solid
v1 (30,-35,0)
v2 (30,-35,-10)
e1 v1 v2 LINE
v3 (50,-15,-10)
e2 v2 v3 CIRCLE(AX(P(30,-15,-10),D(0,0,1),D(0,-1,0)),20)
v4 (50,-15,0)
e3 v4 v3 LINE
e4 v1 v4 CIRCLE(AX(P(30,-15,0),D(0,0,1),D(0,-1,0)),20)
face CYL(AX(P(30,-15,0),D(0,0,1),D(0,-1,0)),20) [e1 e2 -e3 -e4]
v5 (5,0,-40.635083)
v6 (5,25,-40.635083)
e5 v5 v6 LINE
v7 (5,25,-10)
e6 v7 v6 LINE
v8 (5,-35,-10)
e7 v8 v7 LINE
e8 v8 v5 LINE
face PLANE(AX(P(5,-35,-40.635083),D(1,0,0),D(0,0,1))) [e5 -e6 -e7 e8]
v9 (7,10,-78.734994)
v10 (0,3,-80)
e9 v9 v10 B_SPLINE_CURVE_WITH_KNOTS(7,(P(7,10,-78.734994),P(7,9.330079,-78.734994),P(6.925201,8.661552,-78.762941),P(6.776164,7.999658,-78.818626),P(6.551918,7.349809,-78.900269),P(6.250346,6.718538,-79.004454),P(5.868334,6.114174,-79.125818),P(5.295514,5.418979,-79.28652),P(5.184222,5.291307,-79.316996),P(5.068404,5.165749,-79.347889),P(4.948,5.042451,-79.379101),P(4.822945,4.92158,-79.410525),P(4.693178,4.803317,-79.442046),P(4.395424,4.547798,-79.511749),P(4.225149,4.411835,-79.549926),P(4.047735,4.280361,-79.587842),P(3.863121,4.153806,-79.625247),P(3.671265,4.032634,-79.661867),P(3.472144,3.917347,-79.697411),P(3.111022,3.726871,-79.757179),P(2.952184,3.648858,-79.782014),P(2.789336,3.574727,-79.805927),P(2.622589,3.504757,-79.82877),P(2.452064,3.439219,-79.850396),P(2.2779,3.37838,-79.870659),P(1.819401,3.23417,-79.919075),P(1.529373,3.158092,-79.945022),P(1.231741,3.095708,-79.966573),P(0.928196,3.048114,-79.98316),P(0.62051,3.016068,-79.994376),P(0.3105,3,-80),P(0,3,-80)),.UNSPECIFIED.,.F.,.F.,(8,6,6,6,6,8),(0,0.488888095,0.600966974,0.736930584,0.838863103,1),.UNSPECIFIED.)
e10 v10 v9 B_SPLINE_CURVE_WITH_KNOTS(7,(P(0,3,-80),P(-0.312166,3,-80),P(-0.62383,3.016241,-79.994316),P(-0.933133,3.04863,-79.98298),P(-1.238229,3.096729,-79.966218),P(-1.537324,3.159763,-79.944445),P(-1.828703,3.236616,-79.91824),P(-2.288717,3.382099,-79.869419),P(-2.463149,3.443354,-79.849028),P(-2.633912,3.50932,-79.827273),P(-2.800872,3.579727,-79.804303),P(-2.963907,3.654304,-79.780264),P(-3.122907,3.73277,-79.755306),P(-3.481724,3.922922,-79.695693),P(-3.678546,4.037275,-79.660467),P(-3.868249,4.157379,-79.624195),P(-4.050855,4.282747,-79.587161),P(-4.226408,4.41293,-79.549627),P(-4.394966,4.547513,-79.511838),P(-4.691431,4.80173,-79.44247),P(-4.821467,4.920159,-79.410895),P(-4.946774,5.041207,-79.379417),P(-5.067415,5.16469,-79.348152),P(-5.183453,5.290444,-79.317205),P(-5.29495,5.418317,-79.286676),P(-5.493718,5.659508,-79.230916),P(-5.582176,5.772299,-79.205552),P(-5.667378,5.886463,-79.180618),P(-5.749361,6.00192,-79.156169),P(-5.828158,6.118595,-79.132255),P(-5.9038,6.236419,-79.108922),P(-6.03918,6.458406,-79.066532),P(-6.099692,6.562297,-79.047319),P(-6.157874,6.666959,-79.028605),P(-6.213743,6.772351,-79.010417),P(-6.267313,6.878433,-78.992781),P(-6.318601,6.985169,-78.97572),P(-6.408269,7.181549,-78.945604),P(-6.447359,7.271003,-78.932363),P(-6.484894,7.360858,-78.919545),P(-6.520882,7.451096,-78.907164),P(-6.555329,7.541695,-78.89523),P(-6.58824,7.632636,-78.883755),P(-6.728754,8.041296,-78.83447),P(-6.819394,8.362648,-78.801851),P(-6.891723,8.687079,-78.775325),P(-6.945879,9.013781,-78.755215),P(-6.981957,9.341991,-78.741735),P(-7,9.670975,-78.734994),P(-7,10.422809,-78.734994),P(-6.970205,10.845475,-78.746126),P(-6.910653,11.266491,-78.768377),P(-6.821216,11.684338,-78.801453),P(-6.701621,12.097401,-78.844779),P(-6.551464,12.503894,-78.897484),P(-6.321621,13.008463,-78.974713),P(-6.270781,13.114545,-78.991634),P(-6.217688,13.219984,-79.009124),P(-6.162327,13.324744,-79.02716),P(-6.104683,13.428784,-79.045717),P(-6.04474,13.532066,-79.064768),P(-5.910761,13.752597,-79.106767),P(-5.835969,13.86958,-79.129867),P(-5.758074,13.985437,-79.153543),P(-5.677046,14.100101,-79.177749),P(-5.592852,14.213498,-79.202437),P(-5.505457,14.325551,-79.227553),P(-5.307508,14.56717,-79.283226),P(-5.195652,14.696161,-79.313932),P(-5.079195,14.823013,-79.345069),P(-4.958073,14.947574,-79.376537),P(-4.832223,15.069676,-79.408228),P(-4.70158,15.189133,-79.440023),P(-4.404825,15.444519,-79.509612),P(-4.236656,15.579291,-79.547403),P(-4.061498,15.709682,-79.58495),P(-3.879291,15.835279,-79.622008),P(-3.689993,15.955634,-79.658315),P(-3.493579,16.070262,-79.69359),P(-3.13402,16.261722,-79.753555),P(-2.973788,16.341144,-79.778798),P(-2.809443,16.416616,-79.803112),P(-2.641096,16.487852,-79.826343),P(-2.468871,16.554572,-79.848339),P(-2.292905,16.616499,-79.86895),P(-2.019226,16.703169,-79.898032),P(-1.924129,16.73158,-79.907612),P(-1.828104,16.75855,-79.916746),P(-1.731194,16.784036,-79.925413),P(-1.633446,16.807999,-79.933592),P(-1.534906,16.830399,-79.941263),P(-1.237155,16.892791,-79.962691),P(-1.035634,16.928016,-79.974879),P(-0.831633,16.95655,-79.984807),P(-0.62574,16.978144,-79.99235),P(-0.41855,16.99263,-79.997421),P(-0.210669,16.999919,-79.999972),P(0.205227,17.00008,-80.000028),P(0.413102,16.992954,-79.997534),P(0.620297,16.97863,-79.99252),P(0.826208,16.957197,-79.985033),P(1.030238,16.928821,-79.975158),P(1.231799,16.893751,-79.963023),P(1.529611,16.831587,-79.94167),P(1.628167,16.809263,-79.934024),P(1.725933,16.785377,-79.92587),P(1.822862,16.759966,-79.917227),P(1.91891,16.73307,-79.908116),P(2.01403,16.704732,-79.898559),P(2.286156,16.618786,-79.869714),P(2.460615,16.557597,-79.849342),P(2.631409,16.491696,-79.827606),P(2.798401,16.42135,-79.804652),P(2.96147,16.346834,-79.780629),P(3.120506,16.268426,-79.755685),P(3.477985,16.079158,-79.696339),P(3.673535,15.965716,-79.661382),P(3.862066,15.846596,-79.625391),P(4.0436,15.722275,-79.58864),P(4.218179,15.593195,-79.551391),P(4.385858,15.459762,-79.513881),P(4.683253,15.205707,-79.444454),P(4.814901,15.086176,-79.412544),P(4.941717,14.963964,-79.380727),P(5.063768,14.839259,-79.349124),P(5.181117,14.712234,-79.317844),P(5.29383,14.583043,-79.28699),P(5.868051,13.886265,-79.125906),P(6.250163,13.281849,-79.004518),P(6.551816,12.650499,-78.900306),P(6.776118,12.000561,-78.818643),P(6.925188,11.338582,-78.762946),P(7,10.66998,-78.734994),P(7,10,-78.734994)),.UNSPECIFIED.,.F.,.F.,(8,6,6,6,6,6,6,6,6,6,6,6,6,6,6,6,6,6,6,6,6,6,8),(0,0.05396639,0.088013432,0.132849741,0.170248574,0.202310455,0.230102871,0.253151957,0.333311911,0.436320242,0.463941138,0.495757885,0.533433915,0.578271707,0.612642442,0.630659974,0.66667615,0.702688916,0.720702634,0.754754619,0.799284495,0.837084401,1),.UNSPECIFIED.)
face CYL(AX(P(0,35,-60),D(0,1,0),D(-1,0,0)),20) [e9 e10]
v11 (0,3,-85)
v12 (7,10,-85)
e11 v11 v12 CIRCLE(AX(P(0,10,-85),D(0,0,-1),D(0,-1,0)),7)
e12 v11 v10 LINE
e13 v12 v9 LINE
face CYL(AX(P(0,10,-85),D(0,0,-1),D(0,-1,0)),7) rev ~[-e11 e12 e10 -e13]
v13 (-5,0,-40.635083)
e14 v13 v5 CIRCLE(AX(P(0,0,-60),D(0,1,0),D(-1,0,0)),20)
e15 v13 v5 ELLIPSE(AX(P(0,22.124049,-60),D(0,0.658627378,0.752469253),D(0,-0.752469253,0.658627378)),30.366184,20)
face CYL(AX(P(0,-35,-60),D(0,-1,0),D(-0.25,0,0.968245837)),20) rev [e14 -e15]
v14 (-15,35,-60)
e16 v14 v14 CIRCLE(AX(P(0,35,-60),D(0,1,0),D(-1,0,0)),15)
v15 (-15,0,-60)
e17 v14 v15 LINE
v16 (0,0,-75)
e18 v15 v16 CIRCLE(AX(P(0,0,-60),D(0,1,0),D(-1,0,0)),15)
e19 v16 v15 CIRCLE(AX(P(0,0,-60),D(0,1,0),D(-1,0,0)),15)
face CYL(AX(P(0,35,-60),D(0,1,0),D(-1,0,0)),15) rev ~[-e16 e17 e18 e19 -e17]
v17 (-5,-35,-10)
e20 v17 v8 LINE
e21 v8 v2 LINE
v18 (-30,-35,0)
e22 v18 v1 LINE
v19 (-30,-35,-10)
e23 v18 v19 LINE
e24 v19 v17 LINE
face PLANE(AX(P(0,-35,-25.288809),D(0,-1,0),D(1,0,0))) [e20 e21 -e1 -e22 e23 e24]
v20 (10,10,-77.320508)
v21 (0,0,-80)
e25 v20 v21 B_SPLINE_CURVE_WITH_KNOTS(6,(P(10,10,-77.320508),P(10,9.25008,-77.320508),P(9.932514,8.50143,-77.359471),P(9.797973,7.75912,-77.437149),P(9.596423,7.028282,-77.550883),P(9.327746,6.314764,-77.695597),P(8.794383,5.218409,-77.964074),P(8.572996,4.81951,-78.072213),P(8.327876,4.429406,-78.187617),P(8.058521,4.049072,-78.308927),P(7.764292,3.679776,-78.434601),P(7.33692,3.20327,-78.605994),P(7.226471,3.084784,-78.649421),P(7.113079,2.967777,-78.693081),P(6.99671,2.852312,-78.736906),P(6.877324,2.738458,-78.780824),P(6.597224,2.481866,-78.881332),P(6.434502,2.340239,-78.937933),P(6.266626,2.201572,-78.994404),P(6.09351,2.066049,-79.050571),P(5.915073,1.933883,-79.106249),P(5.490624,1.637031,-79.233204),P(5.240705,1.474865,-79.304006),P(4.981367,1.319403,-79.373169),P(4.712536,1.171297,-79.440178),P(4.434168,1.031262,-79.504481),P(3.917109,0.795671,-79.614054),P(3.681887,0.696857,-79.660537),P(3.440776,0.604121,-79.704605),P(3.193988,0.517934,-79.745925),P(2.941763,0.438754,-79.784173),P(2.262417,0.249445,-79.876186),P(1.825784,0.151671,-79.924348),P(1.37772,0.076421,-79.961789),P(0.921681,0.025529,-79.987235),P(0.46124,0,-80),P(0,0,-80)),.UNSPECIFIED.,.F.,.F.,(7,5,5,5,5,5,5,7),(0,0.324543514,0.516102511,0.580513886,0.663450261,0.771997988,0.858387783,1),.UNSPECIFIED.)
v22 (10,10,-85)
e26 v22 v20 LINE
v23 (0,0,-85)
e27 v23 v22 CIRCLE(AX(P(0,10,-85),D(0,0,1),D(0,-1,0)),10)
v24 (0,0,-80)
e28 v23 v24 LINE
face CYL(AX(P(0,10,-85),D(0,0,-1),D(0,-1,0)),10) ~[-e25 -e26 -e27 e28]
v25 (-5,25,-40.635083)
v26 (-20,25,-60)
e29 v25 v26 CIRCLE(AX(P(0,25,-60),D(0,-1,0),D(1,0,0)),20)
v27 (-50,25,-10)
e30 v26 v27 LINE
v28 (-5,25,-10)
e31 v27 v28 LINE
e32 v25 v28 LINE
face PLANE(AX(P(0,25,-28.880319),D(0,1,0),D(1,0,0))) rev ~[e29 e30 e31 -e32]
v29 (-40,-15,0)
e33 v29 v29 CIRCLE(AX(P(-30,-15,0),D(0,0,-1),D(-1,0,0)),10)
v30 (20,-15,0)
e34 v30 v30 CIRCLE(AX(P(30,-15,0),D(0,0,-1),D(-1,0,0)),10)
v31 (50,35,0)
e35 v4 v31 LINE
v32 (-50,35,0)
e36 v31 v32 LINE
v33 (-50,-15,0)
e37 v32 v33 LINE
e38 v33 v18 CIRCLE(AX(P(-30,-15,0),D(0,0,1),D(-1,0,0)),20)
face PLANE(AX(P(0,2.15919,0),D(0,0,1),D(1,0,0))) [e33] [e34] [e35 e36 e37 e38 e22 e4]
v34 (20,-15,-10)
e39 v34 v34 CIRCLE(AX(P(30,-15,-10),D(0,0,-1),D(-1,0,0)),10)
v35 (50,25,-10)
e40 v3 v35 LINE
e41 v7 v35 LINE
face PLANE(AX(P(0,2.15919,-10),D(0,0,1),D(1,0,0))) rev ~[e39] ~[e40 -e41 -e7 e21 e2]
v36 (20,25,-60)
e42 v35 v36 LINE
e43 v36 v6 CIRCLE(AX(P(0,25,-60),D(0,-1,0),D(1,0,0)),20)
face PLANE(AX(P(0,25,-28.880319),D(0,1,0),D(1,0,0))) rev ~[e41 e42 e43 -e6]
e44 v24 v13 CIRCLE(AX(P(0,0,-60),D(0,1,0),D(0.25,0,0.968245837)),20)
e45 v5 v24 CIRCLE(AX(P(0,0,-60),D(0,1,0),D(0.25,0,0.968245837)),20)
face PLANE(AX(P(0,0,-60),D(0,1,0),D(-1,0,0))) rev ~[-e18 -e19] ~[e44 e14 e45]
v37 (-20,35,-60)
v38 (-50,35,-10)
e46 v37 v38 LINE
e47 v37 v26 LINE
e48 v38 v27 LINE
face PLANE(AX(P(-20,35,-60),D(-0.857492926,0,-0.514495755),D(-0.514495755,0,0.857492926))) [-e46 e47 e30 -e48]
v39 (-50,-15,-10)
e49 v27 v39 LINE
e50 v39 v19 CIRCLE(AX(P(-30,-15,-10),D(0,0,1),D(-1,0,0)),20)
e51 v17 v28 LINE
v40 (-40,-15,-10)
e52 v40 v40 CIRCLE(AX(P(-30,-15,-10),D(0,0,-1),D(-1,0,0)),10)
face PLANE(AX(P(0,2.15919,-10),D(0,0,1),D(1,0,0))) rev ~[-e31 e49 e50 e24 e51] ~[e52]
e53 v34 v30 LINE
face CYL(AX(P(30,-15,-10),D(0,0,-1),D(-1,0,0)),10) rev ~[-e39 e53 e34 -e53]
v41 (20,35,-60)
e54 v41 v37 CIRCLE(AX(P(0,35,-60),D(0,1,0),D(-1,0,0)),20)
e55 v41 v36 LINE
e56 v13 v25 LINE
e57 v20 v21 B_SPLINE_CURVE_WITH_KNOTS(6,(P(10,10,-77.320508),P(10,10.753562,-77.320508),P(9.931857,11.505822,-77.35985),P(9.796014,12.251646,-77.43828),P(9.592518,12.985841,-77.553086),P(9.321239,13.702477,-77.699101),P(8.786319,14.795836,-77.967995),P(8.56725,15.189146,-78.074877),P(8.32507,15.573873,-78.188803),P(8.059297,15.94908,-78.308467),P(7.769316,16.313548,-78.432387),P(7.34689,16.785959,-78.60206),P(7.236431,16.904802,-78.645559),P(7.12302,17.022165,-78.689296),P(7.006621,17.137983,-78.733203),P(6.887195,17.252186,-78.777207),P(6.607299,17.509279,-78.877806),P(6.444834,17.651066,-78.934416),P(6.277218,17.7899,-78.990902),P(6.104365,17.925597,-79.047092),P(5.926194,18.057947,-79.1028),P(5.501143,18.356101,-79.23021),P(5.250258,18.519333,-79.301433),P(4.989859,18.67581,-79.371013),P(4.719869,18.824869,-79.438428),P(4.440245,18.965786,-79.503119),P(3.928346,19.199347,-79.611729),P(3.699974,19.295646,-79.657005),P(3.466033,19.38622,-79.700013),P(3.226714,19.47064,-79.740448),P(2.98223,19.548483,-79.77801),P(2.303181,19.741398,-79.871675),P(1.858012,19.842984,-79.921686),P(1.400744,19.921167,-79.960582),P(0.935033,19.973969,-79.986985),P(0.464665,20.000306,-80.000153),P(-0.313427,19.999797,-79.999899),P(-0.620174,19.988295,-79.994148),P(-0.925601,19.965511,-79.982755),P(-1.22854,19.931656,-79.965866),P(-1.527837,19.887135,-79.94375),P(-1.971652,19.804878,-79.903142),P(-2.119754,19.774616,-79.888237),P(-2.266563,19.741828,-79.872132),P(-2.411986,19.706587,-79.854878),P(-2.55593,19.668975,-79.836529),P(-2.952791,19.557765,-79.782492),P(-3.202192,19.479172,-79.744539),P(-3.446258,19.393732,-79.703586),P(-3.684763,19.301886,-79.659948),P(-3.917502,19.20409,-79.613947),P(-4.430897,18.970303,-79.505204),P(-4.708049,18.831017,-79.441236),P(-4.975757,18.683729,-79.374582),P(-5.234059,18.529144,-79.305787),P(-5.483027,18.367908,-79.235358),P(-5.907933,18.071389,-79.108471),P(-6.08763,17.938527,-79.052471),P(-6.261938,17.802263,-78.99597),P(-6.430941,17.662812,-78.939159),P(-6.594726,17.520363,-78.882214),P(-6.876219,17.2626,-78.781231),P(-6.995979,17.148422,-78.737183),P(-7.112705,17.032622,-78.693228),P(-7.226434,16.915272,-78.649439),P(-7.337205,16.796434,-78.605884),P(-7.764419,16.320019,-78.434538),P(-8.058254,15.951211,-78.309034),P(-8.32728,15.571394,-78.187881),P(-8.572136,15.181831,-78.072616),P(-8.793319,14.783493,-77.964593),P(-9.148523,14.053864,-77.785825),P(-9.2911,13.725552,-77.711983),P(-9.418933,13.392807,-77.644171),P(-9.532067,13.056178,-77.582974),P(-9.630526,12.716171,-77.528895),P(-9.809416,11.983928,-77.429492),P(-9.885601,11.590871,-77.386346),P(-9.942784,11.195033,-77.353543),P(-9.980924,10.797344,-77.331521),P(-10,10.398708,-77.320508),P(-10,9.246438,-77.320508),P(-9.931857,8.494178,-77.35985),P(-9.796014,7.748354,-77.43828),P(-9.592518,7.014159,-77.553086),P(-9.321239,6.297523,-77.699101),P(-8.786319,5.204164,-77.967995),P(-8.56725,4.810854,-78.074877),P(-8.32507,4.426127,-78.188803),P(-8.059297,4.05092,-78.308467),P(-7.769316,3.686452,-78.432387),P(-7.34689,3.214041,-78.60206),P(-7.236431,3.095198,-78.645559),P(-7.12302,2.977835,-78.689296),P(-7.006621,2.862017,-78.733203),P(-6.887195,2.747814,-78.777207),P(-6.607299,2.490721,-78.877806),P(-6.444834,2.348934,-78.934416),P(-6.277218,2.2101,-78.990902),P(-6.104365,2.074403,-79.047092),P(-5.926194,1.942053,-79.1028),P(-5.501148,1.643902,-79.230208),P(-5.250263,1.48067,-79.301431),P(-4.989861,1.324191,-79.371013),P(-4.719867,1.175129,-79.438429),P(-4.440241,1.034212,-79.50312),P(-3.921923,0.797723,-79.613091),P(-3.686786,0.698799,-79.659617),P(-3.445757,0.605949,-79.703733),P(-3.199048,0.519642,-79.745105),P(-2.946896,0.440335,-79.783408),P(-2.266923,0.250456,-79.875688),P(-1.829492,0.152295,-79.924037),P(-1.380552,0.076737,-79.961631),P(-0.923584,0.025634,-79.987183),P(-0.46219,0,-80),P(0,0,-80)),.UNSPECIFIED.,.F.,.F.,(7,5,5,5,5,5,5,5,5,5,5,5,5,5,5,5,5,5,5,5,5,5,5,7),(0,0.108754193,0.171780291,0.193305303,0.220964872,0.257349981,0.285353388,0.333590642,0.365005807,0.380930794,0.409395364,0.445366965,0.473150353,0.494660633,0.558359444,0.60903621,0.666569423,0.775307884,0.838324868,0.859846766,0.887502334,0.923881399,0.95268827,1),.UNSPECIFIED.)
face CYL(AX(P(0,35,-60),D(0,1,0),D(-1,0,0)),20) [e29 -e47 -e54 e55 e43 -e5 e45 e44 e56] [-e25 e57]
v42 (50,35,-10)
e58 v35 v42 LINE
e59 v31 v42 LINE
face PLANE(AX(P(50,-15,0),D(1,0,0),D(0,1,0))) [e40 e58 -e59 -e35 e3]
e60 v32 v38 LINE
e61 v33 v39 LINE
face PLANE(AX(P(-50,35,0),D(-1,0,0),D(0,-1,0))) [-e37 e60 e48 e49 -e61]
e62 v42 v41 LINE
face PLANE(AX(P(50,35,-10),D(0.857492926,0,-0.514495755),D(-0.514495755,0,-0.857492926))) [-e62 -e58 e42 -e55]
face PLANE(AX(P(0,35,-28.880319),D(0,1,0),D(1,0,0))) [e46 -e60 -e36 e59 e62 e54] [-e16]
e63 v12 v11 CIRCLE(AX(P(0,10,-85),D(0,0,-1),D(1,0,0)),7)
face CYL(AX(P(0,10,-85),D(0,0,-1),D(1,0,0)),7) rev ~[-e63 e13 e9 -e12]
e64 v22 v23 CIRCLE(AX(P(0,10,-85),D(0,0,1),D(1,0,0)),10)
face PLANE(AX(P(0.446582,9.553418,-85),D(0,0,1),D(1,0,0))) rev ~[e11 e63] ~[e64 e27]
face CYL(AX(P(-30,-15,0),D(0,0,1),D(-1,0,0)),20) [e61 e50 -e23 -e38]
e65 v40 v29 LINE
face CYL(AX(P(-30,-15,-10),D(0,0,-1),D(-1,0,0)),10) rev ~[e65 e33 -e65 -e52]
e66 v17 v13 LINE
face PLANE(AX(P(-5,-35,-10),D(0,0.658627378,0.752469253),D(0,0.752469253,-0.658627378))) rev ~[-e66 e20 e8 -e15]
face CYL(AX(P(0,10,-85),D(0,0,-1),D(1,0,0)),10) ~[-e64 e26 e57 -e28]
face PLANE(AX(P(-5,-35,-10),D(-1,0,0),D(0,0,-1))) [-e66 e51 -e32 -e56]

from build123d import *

# Parameters (mm, degrees)
EXTRUDE_1_DEPTH     = 10
SKETCH_2_R          = 10
CUT_EXTRUDE_1_DEPTH = 62.846584384
SKETCH_3_R          = 20
SKETCH_3_R_2        = 15
EXTRUDE_2_DEPTH     = 35
EXTRUDE_3_DEPTH     = 10
EXTRUDE_4_REACH     = 119.473
CUT_EXTRUDE_3_DEPTH = 10
EXTRUDE_5_DEPTH     = 10


with BuildPart() as part:
    # 草圖1 → 填料-伸長1 (new body)
    with BuildSketch(Plane.XY):
        with BuildLine():
            Line((50, 35), (-50, 35))
            Line((-50, 35), (-50, -15))
            ThreePointArc((-50, -15), (-44.142135624, -29.142135624), (-30, -35))
            Line((-30, -35), (30, -35))
            ThreePointArc((30, -35), (44.142135624, -29.142135624), (50, -15))
            Line((50, -15), (50, 35))
        make_face()
    extrude(amount=-EXTRUDE_1_DEPTH)

    # 草圖2 → 除料-伸長1 (cut, through all)
    with BuildSketch(Plane(origin=(0, 0, -10), x_dir=(-1, 0, 0), z_dir=(0, 0, -1))):
        with Locations((-30, -15)):
            Circle(SKETCH_2_R)
        with Locations((30, -15)):
            Circle(SKETCH_2_R)
    extrude(amount=-CUT_EXTRUDE_1_DEPTH, mode=Mode.SUBTRACT)



with BuildPart() as body_2:
    # 草圖3 → 填料-伸長2 (new body)
    with BuildSketch(Plane(origin=(0, 35, 0), x_dir=(1, 0, 0), z_dir=(0, 1, 0))):
        with Locations(Location((0, 60, 0), (0, 0, 180))):
            Circle(SKETCH_3_R)
        with Locations(Location((0, 60, 0), (0, 0, 180))):
            Circle(SKETCH_3_R_2, mode=Mode.SUBTRACT)
    extrude(amount=-EXTRUDE_2_DEPTH)


with BuildPart() as part_1:
    add(part.part)

    add(body_2.part)  # 填料-伸長3 merges body 2
    # 草圖4 → 填料-伸長3 (add)
    with BuildSketch(Plane(origin=(0, 35, 0), x_dir=(1, 0, 0), z_dir=(0, 1, 0))):
        with BuildLine():
            Line((-20, 60), (-50, 10))
            Line((-50, 10), (50, 10))
            Line((50, 10), (20, 60))
            ThreePointArc((20, 60), (0, 40), (-20, 60))
        make_face()
    extrude(amount=-EXTRUDE_3_DEPTH)

    # 填料-伸長4: up to this face of the body (flat: up to its plane)
    extrude_4_end = Plane(part_1.part.faces().sort_by_distance((0, 25, -27.034412528))[0])
    # 草圖6 → 填料-伸長4 (add, up to the picked face)
    with BuildSketch(Plane.XZ.offset(35), mode=Mode.PRIVATE) as extrude_4_sk1:
        with BuildLine():
            Line((5, -40.635083269), (5, -10))
            Line((5, -10), (0, -10))
            Line((0, -10), (-5, -10))
            Line((-5, -10), (-5, -40.635083269))
            ThreePointArc((-5, -40.635083269), (0, -40), (5, -40.635083269))
        make_face()
    extrude_4_tool1 = split(extrude(extrude_4_sk1.sketch, amount=-EXTRUDE_4_REACH, mode=Mode.PRIVATE), bisect_by=extrude_4_end, keep=Keep.BOTH, mode=Mode.PRIVATE)
    add(extrude_4_tool1.solids().sort_by(Axis((0, -35, -25.105756), (0, 1, 0)))[0])

    # 草圖7 → 除料-伸長3 (cut)
    with BuildSketch(Plane.ZY.offset(5)):
        Polygon((-10, -35), (-40.635083269, 0), (-40.635083269, -35), align=None)
    extrude(amount=-CUT_EXTRUDE_3_DEPTH, mode=Mode.SUBTRACT)

    # 草圖8 → 填料-伸長5 (add)
    # profile 1 of 2: a face of its own
    with BuildSketch(Plane.XY.offset(-85)):
        with BuildLine():
            ThreePointArc((10, 10), (-7.071067812, 17.071067812), (0, 0))
            ThreePointArc((0, 0), (7.071067812, 2.928932188), (10, 10))
        make_face()
        with BuildLine():
            ThreePointArc((7, 10), (4.949747468, 5.050252532), (0, 3))
            ThreePointArc((0, 3), (-4.949747468, 14.949747468), (7, 10))
        make_face(mode=Mode.SUBTRACT)
    # profile 2 of 2: a face of its own
    with BuildSketch(Plane.XY.offset(-85)):
        with BuildLine():
            ThreePointArc((10, 10), (-7.071067812, 17.071067812), (0, 0))
            ThreePointArc((0, 0), (7.071067812, 2.928932188), (10, 10))
        make_face()
        with BuildLine():
            ThreePointArc((7, 10), (4.949747468, 5.050252532), (0, 3))
            ThreePointArc((0, 3), (-4.949747468, 14.949747468), (7, 10))
        make_face(mode=Mode.SUBTRACT)
    extrude(amount=EXTRUDE_5_DEPTH)


solid = part_1.part
